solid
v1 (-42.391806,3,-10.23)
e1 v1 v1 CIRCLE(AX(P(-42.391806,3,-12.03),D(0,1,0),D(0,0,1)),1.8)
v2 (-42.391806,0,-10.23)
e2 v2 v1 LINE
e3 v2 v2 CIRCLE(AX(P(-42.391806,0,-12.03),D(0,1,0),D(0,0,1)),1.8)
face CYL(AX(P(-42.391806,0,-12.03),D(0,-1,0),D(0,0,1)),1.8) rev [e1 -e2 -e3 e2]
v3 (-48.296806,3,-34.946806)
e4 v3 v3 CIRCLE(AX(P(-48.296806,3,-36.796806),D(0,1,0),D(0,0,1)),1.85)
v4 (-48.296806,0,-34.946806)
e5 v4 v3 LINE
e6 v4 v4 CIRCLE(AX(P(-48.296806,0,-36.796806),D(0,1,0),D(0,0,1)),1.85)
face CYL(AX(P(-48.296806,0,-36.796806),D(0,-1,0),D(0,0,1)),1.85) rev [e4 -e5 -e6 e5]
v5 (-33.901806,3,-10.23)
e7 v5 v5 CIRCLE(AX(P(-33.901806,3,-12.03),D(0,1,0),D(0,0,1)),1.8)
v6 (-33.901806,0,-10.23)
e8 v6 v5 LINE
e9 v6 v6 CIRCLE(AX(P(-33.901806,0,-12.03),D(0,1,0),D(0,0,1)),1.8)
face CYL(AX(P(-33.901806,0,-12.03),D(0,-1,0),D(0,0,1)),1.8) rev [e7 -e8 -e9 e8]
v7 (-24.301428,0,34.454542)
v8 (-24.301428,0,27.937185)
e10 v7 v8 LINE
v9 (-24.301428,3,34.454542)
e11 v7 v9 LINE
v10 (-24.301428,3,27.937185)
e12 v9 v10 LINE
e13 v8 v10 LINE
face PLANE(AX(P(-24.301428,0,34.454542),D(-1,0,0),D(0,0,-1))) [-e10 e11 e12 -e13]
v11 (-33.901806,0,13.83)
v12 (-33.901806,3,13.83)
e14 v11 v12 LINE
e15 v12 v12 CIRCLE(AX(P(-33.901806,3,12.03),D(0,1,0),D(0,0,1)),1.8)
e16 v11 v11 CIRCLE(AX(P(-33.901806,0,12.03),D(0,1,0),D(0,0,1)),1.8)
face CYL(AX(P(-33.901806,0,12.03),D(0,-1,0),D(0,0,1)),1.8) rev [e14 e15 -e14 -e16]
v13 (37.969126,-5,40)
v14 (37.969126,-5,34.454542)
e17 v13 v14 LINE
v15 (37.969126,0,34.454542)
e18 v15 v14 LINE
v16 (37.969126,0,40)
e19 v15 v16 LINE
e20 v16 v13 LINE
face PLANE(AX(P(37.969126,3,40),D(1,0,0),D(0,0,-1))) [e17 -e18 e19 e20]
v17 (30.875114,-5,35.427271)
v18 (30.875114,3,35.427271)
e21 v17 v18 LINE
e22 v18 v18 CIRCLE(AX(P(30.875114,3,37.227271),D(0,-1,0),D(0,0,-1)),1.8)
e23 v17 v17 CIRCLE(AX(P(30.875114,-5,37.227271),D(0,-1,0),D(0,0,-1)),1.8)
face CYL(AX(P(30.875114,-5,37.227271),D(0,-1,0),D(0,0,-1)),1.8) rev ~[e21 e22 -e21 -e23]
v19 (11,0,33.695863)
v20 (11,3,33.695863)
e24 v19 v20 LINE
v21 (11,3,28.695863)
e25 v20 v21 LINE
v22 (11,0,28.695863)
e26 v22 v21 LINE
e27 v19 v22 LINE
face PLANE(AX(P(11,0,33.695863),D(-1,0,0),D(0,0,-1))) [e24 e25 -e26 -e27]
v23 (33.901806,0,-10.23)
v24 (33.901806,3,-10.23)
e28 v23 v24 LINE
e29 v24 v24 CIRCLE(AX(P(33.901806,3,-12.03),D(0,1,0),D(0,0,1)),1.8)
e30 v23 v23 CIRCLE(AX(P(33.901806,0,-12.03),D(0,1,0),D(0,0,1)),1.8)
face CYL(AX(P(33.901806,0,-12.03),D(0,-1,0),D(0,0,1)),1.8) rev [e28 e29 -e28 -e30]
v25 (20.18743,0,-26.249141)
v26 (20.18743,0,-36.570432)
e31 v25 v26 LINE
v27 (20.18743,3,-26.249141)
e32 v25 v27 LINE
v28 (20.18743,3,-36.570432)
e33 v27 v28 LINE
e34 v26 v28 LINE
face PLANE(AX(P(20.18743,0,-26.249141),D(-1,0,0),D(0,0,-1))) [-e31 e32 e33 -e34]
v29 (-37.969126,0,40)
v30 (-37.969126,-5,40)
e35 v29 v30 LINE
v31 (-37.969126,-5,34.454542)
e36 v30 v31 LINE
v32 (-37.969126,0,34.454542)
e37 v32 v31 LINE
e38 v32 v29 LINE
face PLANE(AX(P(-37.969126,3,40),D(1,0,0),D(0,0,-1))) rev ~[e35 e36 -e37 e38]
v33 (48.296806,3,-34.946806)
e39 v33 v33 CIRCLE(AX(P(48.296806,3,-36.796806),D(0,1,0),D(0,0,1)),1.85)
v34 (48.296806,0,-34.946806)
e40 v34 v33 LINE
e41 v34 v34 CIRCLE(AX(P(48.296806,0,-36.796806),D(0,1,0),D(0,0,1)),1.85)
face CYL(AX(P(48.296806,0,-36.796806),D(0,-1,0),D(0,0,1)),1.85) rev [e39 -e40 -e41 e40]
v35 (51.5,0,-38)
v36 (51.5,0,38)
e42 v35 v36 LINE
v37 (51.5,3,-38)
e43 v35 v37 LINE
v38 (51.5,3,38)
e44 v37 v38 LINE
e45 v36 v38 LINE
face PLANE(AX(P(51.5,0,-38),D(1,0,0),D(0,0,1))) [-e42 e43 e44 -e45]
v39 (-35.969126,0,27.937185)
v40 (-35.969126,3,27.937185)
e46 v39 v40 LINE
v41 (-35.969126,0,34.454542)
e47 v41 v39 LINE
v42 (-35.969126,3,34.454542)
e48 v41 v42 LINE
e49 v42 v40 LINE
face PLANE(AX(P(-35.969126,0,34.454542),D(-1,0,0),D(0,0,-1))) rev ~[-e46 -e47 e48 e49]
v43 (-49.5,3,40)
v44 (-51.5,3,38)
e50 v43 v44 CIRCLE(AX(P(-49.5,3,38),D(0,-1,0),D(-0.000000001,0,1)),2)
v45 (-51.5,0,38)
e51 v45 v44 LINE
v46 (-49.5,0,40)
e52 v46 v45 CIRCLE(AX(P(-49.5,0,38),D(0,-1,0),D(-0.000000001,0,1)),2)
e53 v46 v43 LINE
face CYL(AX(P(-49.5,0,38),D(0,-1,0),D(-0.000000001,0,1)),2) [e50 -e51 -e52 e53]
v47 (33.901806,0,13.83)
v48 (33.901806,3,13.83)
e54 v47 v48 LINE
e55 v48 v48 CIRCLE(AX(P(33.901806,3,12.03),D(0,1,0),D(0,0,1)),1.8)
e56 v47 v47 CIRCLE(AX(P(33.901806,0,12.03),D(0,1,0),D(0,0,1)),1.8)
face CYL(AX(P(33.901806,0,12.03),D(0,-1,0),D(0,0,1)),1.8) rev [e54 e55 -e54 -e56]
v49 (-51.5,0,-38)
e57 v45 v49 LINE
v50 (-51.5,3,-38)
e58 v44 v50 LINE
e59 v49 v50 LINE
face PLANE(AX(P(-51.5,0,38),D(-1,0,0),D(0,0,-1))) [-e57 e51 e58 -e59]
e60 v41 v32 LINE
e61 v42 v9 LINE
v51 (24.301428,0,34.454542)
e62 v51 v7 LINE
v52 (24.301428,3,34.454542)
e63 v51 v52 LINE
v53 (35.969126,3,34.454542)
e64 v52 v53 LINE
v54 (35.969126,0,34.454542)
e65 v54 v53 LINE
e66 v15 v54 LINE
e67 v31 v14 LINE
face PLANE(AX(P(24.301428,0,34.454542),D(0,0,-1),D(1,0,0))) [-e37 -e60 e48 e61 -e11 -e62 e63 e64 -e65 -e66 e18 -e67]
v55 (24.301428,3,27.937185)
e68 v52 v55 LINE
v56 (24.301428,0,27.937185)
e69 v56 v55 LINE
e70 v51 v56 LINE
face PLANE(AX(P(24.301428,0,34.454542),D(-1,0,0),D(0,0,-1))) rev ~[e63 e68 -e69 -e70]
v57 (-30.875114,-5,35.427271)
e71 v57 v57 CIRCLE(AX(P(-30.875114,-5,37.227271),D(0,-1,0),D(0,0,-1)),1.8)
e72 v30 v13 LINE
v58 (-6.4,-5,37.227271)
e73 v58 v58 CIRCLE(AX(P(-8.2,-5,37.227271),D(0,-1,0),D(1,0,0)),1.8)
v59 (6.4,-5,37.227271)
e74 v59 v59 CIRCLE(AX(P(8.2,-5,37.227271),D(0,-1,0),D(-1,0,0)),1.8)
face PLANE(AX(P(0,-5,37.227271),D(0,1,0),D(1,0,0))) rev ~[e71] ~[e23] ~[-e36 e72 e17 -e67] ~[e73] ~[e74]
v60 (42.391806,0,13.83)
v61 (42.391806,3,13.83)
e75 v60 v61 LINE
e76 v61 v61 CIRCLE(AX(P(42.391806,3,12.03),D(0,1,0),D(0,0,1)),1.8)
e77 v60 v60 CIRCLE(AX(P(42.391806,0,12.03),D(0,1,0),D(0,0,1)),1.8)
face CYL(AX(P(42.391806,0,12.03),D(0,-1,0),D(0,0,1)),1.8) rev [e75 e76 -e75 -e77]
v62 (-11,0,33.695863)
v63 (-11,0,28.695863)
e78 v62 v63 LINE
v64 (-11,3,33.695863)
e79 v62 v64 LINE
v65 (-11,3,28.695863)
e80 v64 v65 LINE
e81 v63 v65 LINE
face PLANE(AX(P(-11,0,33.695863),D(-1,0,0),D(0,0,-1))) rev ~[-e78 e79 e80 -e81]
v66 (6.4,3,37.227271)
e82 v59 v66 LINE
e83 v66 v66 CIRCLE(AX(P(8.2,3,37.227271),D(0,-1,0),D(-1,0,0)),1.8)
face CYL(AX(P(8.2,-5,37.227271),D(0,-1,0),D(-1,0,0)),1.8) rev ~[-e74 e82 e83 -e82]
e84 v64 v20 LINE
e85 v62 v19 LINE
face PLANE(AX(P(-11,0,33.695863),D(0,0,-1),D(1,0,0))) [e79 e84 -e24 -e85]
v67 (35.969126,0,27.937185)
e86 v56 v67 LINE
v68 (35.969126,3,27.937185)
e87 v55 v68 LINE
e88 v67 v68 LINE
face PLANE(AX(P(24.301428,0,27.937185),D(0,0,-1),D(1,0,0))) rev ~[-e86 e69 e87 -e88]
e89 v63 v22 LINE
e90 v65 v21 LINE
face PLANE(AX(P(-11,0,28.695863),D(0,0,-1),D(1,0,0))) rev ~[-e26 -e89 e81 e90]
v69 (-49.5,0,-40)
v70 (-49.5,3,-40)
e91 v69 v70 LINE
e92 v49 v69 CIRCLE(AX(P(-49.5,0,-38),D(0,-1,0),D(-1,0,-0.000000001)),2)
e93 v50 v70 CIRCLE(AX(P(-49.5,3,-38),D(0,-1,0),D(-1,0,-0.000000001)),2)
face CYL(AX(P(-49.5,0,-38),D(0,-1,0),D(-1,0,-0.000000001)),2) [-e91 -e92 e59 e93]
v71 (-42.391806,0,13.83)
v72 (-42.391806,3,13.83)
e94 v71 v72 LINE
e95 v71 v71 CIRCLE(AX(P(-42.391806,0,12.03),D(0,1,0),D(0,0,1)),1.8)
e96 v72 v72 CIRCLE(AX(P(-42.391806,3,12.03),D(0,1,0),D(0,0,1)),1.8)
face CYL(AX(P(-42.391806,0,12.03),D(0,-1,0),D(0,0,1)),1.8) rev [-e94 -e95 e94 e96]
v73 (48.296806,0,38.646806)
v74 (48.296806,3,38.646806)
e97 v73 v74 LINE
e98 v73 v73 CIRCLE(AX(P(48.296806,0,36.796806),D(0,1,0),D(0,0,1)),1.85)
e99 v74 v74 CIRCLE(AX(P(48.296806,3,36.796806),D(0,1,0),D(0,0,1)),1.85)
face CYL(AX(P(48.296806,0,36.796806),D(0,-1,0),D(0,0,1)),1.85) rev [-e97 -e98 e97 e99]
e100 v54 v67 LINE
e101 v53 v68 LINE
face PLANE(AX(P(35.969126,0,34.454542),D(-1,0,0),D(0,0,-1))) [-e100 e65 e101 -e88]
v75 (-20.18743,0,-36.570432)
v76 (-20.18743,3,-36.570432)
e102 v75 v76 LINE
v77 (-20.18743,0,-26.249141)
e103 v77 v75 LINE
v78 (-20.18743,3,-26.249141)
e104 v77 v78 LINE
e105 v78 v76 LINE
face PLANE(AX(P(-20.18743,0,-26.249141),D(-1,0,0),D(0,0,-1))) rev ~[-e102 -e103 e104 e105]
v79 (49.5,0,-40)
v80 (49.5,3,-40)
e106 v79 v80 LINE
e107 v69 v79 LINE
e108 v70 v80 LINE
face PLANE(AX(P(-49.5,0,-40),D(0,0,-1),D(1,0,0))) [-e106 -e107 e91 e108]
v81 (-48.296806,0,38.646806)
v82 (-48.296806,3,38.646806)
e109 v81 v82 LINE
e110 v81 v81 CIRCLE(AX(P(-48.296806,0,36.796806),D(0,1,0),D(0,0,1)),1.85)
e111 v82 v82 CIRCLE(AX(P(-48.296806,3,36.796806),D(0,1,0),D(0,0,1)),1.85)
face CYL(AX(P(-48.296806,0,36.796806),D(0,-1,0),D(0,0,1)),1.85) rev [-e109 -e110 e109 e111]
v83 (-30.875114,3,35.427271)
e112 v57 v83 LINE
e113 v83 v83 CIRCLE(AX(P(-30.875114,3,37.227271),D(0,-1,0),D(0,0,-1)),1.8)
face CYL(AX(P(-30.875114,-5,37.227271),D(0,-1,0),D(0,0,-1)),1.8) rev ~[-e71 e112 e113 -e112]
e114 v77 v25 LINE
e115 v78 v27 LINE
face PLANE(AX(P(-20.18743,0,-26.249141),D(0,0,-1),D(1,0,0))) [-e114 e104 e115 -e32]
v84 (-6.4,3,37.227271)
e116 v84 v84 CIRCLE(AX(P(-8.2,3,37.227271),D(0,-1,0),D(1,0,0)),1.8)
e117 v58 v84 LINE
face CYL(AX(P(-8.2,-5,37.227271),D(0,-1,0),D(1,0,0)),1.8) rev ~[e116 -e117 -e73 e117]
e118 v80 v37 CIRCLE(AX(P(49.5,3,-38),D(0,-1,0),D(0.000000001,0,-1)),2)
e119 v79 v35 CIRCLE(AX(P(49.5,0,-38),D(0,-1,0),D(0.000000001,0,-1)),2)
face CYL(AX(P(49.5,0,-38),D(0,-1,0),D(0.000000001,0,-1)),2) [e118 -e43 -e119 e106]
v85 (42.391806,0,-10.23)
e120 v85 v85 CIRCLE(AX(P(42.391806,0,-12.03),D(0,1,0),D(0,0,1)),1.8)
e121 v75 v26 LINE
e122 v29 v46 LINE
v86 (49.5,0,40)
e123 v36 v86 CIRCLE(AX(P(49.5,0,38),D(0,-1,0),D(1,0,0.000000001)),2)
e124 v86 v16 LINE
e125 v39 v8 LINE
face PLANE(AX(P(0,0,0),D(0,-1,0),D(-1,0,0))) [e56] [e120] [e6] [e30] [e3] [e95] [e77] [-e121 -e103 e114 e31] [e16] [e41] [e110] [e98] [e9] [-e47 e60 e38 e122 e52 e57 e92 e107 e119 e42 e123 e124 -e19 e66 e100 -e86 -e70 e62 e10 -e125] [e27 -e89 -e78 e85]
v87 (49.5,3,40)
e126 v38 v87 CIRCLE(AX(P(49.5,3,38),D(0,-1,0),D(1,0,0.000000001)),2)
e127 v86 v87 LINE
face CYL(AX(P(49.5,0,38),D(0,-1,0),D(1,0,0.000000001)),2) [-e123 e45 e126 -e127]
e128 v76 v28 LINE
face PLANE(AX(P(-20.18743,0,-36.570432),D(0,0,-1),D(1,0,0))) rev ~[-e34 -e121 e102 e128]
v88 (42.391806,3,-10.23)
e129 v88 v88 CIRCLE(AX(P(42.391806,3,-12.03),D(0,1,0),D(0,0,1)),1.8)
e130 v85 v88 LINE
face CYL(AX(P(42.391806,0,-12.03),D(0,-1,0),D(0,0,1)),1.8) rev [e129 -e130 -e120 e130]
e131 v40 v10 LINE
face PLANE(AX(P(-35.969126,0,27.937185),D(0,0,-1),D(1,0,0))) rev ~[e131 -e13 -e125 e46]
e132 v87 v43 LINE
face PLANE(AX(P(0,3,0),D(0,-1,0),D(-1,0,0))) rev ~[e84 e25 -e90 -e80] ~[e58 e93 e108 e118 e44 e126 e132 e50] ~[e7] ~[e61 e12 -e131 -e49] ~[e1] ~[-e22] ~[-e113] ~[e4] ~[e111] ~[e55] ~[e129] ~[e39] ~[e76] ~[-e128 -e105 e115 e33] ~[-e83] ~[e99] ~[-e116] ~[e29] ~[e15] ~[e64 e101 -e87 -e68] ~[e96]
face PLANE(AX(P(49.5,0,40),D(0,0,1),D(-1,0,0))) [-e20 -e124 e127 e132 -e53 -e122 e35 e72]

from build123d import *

# Parameters (mm, degrees)
SKETCH_1_R          = 1.85
SKETCH_1_R_2        = 1.8
SKETCH_1_W          = 40.374860346
SKETCH_1_H          = 10.321291022
SKETCH_1_W_2        = 22
SKETCH_1_H_2        = 5
SKETCH_1_W_3        = 11.667697598
SKETCH_1_H_3        = 6.517356375
EXTRUDE_1_DEPTH     = 3
SKETCH_2_W          = 75.93825213
SKETCH_2_H          = 5.545458332
EXTRUDE_2_DEPTH     = 8
SKETCH_3_R          = 1.8
CUT_EXTRUDE_1_DEPTH = 15


with BuildPart() as part:
    # 草图1 → 凸台-拉伸1 (new body)
    with BuildSketch(Plane(origin=(0, 0, 0), x_dir=(1, 0, 0), z_dir=(0, 1, 0))):
        with BuildLine():
            Line((49.5, -40), (-49.5, -40))
            ThreePointArc((-49.5, -40), (-50.914213562, -39.414213562), (-51.5, -38))
            Line((-51.5, -38), (-51.5, 38))
            ThreePointArc((-51.5, 38), (-50.914213562, 39.414213562), (-49.5, 40))
            Line((-49.5, 40), (49.5, 40))
            ThreePointArc((49.5, 40), (50.914213562, 39.414213562), (51.5, 38))
            Line((51.5, 38), (51.5, -38))
            ThreePointArc((51.5, -38), (50.914213562, -39.414213562), (49.5, -40))
        make_face()
        with Locations(Location((-48.296806281, 36.796806281, 0), (0, 0, 270))):
            Circle(SKETCH_1_R, mode=Mode.SUBTRACT)
        with Locations(Location((48.296806281, 36.796806281, 0), (0, 0, 270))):
            Circle(SKETCH_1_R, mode=Mode.SUBTRACT)
        with Locations(Location((48.296806281, -36.796806281, 0), (0, 0, 270))):
            Circle(SKETCH_1_R, mode=Mode.SUBTRACT)
        with Locations(Location((-48.296806281, -36.796806281, 0), (0, 0, 270))):
            Circle(SKETCH_1_R, mode=Mode.SUBTRACT)
        with Locations(Location((-42.391806281, 12.03, 0), (0, 0, 270))):
            Circle(SKETCH_1_R_2, mode=Mode.SUBTRACT)
        with Locations(Location((-33.901806281, 12.03, 0), (0, 0, 270))):
            Circle(SKETCH_1_R_2, mode=Mode.SUBTRACT)
        with Locations(Location((-33.901806281, -12.03, 0), (0, 0, 270))):
            Circle(SKETCH_1_R_2, mode=Mode.SUBTRACT)
        with Locations(Location((-42.391806281, -12.03, 0), (0, 0, 270))):
            Circle(SKETCH_1_R_2, mode=Mode.SUBTRACT)
        with Locations(Location((33.901806281, -12.03, 0), (0, 0, 270))):
            Circle(SKETCH_1_R_2, mode=Mode.SUBTRACT)
        with Locations(Location((42.391806281, -12.03, 0), (0, 0, 270))):
            Circle(SKETCH_1_R_2, mode=Mode.SUBTRACT)
        with Locations(Location((33.901806281, 12.03, 0), (0, 0, 270))):
            Circle(SKETCH_1_R_2, mode=Mode.SUBTRACT)
        with Locations(Location((42.391806281, 12.03, 0), (0, 0, 270))):
            Circle(SKETCH_1_R_2, mode=Mode.SUBTRACT)
        with Locations((0, 31.409786363)):
            Rectangle(SKETCH_1_W, SKETCH_1_H, mode=Mode.SUBTRACT)
        with Locations((0, -31.19586348)):
            Rectangle(SKETCH_1_W_2, SKETCH_1_H_2, mode=Mode.SUBTRACT)
        with Locations((30.135277266, -31.195863481)):
            Rectangle(SKETCH_1_W_3, SKETCH_1_H_3, mode=Mode.SUBTRACT)
        with Locations((-30.135277266, -31.195863481)):
            Rectangle(SKETCH_1_W_3, SKETCH_1_H_3, mode=Mode.SUBTRACT)
    extrude(amount=EXTRUDE_1_DEPTH)

    # 草图2 → 凸台-拉伸2 (add)
    with BuildSketch(Plane(origin=(0, 3, 0), x_dir=(1, 0, 0), z_dir=(0, 1, 0))):
        with Locations((0, -37.227270834)):
            Rectangle(SKETCH_2_W, SKETCH_2_H)
    extrude(amount=-EXTRUDE_2_DEPTH)

    # 草图3 → 切除-拉伸1 (cut)
    with BuildSketch(Plane(origin=(0, -5, 0), x_dir=(-1, 0, 0), z_dir=(0, -1, 0))):
        with Locations(Location((30.875113943, -37.227270834, 0), (0, 0, 90))):
            Circle(SKETCH_3_R)
        with BuildLine():
            ThreePointArc((10, -37.227270834), (8.2, -35.427270834), (6.4, -37.227270834))
            Line((6.4, -37.227270834), (10, -37.227270834))
        make_face()
        with BuildLine():
            Line((10, -37.227270834), (6.4, -37.227270834))
            ThreePointArc((6.4, -37.227270834), (8.2, -39.027270834), (10, -37.227270834))
        make_face()
        with BuildLine():
            ThreePointArc((-10, -37.227270834), (-8.2, -39.027270834), (-6.4, -37.227270834))
            Line((-6.4, -37.227270834), (-10, -37.227270834))
        make_face()
        with BuildLine():
            Line((-10, -37.227270834), (-6.4, -37.227270834))
            ThreePointArc((-6.4, -37.227270834), (-8.2, -35.427270834), (-10, -37.227270834))
        make_face()
        with Locations(Location((-30.875113943, -37.227270834, 0), (0, 0, 90))):
            Circle(SKETCH_3_R)
    extrude(amount=-CUT_EXTRUDE_1_DEPTH, mode=Mode.SUBTRACT)


solid = part.part
